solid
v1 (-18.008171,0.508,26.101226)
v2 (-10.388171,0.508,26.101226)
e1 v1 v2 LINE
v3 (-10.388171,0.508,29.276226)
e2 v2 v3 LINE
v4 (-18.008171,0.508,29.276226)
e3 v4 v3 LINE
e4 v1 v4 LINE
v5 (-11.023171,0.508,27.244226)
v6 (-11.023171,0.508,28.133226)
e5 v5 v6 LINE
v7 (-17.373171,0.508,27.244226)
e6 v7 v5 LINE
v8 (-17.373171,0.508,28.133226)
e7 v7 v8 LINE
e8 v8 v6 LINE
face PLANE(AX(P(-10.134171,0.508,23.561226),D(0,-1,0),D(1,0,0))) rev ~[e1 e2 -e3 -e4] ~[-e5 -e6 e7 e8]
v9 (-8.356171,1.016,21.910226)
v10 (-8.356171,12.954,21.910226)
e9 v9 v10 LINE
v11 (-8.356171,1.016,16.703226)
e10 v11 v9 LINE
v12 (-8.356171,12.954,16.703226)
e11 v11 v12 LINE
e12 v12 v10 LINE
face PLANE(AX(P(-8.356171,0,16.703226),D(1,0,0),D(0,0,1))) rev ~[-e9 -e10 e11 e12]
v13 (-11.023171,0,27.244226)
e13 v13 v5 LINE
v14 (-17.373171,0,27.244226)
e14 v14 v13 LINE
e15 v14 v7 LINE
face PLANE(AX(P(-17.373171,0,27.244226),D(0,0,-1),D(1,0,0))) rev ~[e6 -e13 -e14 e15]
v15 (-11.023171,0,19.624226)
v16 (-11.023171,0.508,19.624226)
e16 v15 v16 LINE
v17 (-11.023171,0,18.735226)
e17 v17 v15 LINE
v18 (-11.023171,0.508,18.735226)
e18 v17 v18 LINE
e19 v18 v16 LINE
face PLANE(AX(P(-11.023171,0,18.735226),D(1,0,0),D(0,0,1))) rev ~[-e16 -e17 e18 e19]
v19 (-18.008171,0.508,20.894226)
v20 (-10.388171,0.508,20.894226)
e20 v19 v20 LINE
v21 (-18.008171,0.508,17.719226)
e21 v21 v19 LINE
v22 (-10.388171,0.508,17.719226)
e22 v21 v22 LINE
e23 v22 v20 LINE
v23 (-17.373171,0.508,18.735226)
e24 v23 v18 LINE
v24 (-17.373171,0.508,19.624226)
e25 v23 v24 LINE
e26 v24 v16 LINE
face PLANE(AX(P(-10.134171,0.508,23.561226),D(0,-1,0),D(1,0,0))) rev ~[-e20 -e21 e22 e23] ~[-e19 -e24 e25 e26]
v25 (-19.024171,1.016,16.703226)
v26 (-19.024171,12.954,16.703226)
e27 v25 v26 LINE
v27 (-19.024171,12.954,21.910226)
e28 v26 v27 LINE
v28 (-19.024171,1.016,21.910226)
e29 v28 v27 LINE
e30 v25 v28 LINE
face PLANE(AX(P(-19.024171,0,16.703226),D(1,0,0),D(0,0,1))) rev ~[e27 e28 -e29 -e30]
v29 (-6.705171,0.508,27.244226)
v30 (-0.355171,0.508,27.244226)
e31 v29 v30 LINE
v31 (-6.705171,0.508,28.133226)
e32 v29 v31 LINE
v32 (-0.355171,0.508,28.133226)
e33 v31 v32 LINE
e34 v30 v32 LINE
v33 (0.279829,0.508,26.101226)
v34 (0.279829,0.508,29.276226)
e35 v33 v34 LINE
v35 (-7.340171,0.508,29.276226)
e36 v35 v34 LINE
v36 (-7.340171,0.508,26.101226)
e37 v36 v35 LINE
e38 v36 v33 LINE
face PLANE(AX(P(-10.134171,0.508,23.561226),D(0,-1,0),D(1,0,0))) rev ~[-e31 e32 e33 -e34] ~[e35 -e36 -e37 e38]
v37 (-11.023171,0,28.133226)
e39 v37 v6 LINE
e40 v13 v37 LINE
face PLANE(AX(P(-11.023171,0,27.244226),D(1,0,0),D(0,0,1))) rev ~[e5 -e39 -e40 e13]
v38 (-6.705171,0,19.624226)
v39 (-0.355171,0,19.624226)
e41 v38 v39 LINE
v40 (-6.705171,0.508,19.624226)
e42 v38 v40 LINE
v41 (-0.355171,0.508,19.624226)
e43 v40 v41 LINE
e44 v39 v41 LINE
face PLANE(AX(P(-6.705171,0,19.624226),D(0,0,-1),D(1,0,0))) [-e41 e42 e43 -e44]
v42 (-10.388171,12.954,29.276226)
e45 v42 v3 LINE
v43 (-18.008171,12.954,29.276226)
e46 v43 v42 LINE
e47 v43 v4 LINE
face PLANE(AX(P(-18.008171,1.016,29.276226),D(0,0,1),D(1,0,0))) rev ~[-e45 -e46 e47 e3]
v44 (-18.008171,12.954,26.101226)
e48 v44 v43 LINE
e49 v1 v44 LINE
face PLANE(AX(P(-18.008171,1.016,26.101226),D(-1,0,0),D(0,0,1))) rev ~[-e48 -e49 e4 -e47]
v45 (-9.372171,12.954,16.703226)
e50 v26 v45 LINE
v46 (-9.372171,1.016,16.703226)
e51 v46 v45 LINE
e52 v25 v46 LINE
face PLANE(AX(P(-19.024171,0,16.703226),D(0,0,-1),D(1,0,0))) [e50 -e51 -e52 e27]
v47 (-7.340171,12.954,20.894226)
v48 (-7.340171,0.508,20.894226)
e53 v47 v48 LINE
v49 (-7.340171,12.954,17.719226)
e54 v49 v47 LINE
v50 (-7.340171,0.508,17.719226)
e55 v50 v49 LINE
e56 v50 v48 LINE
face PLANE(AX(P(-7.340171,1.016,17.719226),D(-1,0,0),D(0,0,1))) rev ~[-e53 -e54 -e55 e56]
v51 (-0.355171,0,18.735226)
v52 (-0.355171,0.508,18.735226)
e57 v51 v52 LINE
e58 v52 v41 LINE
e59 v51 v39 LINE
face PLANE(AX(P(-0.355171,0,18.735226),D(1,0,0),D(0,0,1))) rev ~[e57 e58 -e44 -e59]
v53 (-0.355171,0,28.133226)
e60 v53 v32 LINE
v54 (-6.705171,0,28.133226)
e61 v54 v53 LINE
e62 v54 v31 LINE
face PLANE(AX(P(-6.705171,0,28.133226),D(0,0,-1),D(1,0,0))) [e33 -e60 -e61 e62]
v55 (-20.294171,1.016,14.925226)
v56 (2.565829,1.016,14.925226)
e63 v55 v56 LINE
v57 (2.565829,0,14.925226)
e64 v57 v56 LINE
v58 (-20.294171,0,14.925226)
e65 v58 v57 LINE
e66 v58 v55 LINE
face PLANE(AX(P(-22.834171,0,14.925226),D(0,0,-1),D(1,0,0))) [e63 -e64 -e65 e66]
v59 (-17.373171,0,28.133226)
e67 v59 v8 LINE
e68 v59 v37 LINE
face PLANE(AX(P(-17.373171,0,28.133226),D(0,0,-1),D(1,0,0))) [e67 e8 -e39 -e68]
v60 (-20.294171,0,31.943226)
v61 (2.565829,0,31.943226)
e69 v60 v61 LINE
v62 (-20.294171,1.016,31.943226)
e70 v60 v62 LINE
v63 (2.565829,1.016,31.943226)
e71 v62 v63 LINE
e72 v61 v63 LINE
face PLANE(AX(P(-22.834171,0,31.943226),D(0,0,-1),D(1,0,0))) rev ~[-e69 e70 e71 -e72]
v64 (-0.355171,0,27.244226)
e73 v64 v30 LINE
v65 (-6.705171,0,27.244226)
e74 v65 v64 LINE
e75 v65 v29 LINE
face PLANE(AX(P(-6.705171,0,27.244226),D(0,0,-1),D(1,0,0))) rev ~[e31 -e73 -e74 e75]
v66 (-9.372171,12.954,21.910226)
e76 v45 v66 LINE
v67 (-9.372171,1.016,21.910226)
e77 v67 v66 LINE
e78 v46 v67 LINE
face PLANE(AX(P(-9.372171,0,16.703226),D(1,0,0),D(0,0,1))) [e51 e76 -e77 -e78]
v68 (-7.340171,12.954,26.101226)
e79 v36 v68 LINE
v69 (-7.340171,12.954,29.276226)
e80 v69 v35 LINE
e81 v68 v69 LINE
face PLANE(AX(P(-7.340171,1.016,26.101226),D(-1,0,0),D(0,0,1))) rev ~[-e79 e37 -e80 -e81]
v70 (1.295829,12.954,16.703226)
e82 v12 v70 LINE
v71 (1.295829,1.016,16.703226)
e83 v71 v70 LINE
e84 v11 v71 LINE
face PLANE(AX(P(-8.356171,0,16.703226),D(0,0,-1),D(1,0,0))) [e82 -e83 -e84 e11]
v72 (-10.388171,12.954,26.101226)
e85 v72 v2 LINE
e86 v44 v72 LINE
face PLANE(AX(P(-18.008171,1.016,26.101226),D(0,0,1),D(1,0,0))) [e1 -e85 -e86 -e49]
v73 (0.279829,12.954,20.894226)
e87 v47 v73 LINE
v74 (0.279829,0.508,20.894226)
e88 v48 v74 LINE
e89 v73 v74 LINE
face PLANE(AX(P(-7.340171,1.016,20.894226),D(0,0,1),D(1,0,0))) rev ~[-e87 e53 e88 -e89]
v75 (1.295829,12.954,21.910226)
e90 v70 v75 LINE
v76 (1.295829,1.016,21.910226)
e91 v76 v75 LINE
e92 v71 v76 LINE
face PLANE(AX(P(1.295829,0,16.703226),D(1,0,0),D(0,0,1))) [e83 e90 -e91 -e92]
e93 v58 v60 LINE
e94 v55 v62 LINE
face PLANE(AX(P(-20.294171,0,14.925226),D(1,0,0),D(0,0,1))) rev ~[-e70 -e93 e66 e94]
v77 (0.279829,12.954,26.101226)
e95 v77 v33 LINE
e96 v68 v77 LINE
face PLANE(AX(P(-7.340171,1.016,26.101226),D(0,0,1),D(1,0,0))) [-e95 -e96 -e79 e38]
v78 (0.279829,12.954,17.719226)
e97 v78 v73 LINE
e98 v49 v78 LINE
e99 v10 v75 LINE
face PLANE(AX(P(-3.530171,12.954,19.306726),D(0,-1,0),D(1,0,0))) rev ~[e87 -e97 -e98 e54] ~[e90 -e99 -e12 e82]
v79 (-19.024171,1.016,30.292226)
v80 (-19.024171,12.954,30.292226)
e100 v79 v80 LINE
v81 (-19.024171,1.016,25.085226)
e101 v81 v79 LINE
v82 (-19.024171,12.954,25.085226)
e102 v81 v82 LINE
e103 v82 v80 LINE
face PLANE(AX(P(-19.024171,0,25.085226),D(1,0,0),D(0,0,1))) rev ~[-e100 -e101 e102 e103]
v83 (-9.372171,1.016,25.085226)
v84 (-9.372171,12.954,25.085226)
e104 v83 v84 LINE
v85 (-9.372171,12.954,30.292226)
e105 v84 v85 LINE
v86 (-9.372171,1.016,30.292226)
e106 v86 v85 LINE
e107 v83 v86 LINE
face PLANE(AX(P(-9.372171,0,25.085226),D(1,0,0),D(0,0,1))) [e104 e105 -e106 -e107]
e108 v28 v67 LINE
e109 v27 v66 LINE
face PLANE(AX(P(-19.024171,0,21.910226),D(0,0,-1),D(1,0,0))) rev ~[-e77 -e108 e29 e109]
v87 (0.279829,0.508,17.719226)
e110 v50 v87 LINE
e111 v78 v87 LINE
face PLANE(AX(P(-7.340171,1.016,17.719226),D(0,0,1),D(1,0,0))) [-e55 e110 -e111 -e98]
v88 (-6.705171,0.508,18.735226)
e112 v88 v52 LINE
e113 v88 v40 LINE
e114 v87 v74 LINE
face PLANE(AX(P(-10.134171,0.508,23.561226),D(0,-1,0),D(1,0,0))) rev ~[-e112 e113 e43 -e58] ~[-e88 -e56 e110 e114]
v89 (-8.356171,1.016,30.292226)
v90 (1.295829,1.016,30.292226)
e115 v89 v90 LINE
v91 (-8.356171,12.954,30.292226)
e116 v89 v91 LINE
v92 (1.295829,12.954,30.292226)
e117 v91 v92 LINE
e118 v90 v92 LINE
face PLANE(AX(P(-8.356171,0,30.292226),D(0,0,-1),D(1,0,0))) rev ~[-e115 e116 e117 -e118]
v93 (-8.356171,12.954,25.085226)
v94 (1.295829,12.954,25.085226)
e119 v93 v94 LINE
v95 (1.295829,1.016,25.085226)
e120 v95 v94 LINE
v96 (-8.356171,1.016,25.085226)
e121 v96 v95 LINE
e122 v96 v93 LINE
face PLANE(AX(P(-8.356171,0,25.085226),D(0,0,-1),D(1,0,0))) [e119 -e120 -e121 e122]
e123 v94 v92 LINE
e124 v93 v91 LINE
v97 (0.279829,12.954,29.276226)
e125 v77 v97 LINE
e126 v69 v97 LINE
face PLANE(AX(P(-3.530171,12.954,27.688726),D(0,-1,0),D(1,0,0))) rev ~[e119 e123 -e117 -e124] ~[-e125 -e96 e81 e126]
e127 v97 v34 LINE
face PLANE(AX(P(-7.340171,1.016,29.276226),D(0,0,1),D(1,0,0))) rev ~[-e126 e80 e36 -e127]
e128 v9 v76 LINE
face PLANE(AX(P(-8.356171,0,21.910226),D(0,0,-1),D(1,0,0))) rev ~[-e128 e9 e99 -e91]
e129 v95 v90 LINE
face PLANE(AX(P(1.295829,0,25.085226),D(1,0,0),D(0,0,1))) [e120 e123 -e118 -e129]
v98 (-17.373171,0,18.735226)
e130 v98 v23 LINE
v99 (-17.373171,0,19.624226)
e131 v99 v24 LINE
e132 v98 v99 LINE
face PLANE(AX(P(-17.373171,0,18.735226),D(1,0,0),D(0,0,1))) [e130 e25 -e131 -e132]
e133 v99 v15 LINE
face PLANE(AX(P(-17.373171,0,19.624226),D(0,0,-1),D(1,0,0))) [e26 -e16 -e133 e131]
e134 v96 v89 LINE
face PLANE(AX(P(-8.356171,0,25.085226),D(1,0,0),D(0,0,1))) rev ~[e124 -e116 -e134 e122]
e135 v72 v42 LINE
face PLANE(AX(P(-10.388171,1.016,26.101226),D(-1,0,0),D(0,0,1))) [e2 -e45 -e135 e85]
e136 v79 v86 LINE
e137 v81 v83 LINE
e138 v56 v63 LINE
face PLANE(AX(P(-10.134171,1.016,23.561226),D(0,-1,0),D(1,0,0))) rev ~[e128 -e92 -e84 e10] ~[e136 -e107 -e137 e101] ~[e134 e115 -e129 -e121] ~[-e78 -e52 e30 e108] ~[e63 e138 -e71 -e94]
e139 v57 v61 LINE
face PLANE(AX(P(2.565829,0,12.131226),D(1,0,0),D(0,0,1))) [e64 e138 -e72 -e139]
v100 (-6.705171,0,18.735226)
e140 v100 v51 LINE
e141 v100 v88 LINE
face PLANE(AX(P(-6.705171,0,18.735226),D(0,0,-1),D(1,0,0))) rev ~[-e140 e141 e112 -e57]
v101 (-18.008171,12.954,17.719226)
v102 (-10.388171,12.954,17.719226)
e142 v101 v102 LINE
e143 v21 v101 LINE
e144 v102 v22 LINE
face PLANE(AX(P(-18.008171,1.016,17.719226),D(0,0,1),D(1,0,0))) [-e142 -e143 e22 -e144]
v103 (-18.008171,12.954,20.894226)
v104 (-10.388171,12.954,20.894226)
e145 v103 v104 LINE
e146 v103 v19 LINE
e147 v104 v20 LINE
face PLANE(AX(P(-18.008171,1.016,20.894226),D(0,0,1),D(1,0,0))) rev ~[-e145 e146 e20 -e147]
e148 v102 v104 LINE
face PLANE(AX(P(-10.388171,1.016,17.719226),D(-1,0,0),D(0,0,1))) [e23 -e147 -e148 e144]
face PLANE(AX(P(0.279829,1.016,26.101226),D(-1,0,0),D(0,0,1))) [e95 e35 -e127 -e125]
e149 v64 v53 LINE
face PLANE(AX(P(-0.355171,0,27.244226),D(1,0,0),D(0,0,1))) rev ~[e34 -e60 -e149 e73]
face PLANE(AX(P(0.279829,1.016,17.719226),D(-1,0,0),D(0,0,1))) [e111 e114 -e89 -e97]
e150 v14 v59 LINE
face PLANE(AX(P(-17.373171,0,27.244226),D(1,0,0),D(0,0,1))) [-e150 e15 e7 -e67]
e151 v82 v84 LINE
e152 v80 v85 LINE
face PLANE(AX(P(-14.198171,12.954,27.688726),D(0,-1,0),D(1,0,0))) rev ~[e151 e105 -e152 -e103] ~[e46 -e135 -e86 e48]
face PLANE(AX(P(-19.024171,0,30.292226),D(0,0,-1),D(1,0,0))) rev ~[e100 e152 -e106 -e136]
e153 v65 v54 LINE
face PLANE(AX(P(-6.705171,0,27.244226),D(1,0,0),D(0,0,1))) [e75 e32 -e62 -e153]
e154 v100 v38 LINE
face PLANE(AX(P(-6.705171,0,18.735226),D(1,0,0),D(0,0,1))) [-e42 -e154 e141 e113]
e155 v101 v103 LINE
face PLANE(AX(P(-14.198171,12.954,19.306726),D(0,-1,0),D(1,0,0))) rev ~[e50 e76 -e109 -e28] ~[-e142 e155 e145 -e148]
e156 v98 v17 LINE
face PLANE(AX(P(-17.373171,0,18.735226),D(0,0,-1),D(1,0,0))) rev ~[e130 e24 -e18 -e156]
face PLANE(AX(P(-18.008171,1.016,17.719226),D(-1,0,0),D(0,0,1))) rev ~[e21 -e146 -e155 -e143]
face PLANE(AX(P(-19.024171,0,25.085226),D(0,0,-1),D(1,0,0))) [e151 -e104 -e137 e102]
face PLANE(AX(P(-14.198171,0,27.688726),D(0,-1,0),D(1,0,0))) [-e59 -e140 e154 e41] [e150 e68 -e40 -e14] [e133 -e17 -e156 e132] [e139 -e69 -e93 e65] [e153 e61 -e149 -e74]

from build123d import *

# Parameters (mm, degrees)
F0_W      = 25.4
F0_H      = 22.86
F1_DEPTH  = 1.016
F2_W      = 6.35
F2_H      = 0.889
F3_DEPTH  = 25.4
F4_W      = 9.652
F4_H      = 5.207
F4_W_2    = 7.62
F4_H_2    = 3.175
F5_DEPTH  = 12.954
F6_W      = 25.4
F6_H      = 2.794
F6_H_2    = 3.048
F7_DEPTH  = 12.955
F8_W      = 2.54
F8_H      = 17.018
F9_DEPTH  = 25.4
F10_DEPTH = 0.508


with BuildPart() as f1:
    # F0 (on Front) → F1 (new body)
    with BuildSketch(Plane.XZ):
        with Locations((-10.1341714823, 23.5612259712)):
            Rectangle(F0_W, F0_H)
    extrude(amount=-F1_DEPTH)

    # F2 (on face) → F3 (cut)
    with BuildSketch(Plane.XZ):
        with Locations((-14.1981714823, 27.6887259712)):
            Rectangle(F2_W, F2_H)
        with Locations((-3.5301714823, 27.6887259712)):
            Rectangle(F2_W, F2_H)
        with Locations((-14.1981714823, 19.1797259712)):
            Rectangle(F2_W, F2_H)
        with Locations((-3.5301714823, 19.1797259712)):
            Rectangle(F2_W, F2_H)
    extrude(amount=-F3_DEPTH, mode=Mode.SUBTRACT)

    # F4 (on face) → F5 (join)
    with BuildSketch(Plane.XZ):
        with Locations((-14.1981714823, 27.6887259712)):
            Rectangle(F4_W, F4_H)
        with Locations((-14.1981714823, 27.6887259712)):
            Rectangle(F4_W_2, F4_H_2, mode=Mode.SUBTRACT)
        with Locations((-3.5301714823, 27.6887259712)):
            Rectangle(F4_W, F4_H)
        with Locations((-3.5301714823, 27.6887259712)):
            Rectangle(F4_W_2, F4_H_2, mode=Mode.SUBTRACT)
        with Locations((-14.1981714823, 19.3067259712)):
            Rectangle(F4_W, F4_H)
        with Locations((-14.1981714823, 19.3067259712)):
            Rectangle(F4_W_2, F4_H_2, mode=Mode.SUBTRACT)
        with Locations((-3.5301714823, 19.3067259712)):
            Rectangle(F4_W, F4_H)
        with Locations((-3.5301714823, 19.3067259712)):
            Rectangle(F4_W_2, F4_H_2, mode=Mode.SUBTRACT)
    extrude(amount=-F5_DEPTH)

    # F6 (on face) → F7 (cut, through all)
    with BuildSketch(Plane.XZ):
        with Locations((-10.1341714823, 13.5282259712)):
            Rectangle(F6_W, F6_H)
        with Locations((-10.1341714823, 33.4672259712)):
            Rectangle(F6_W, F6_H_2)
    extrude(amount=-F7_DEPTH, mode=Mode.SUBTRACT)

    # F8 (on face) → F9 (cut)
    with BuildSketch(Plane.XZ):
        with Locations((-21.5641714823, 23.4342259712)):
            Rectangle(F8_W, F8_H)
    extrude(amount=-F9_DEPTH, mode=Mode.SUBTRACT)

    # F10 (cut): faces of the model
    f10_faces = [f1.faces().sort_by_distance(p)[0] for p in [
        (-14.1981714823, 1.016, 26.1837759712),
        (-3.5301714823, 1.016, 20.8116759712),
        (-14.1981714823, 1.016, 17.8017759712),
        (-7.2576214823, 1.016, 27.6887259712),
    ]]
    extrude(f10_faces, amount=-F10_DEPTH, mode=Mode.SUBTRACT)


solid = f1.part
